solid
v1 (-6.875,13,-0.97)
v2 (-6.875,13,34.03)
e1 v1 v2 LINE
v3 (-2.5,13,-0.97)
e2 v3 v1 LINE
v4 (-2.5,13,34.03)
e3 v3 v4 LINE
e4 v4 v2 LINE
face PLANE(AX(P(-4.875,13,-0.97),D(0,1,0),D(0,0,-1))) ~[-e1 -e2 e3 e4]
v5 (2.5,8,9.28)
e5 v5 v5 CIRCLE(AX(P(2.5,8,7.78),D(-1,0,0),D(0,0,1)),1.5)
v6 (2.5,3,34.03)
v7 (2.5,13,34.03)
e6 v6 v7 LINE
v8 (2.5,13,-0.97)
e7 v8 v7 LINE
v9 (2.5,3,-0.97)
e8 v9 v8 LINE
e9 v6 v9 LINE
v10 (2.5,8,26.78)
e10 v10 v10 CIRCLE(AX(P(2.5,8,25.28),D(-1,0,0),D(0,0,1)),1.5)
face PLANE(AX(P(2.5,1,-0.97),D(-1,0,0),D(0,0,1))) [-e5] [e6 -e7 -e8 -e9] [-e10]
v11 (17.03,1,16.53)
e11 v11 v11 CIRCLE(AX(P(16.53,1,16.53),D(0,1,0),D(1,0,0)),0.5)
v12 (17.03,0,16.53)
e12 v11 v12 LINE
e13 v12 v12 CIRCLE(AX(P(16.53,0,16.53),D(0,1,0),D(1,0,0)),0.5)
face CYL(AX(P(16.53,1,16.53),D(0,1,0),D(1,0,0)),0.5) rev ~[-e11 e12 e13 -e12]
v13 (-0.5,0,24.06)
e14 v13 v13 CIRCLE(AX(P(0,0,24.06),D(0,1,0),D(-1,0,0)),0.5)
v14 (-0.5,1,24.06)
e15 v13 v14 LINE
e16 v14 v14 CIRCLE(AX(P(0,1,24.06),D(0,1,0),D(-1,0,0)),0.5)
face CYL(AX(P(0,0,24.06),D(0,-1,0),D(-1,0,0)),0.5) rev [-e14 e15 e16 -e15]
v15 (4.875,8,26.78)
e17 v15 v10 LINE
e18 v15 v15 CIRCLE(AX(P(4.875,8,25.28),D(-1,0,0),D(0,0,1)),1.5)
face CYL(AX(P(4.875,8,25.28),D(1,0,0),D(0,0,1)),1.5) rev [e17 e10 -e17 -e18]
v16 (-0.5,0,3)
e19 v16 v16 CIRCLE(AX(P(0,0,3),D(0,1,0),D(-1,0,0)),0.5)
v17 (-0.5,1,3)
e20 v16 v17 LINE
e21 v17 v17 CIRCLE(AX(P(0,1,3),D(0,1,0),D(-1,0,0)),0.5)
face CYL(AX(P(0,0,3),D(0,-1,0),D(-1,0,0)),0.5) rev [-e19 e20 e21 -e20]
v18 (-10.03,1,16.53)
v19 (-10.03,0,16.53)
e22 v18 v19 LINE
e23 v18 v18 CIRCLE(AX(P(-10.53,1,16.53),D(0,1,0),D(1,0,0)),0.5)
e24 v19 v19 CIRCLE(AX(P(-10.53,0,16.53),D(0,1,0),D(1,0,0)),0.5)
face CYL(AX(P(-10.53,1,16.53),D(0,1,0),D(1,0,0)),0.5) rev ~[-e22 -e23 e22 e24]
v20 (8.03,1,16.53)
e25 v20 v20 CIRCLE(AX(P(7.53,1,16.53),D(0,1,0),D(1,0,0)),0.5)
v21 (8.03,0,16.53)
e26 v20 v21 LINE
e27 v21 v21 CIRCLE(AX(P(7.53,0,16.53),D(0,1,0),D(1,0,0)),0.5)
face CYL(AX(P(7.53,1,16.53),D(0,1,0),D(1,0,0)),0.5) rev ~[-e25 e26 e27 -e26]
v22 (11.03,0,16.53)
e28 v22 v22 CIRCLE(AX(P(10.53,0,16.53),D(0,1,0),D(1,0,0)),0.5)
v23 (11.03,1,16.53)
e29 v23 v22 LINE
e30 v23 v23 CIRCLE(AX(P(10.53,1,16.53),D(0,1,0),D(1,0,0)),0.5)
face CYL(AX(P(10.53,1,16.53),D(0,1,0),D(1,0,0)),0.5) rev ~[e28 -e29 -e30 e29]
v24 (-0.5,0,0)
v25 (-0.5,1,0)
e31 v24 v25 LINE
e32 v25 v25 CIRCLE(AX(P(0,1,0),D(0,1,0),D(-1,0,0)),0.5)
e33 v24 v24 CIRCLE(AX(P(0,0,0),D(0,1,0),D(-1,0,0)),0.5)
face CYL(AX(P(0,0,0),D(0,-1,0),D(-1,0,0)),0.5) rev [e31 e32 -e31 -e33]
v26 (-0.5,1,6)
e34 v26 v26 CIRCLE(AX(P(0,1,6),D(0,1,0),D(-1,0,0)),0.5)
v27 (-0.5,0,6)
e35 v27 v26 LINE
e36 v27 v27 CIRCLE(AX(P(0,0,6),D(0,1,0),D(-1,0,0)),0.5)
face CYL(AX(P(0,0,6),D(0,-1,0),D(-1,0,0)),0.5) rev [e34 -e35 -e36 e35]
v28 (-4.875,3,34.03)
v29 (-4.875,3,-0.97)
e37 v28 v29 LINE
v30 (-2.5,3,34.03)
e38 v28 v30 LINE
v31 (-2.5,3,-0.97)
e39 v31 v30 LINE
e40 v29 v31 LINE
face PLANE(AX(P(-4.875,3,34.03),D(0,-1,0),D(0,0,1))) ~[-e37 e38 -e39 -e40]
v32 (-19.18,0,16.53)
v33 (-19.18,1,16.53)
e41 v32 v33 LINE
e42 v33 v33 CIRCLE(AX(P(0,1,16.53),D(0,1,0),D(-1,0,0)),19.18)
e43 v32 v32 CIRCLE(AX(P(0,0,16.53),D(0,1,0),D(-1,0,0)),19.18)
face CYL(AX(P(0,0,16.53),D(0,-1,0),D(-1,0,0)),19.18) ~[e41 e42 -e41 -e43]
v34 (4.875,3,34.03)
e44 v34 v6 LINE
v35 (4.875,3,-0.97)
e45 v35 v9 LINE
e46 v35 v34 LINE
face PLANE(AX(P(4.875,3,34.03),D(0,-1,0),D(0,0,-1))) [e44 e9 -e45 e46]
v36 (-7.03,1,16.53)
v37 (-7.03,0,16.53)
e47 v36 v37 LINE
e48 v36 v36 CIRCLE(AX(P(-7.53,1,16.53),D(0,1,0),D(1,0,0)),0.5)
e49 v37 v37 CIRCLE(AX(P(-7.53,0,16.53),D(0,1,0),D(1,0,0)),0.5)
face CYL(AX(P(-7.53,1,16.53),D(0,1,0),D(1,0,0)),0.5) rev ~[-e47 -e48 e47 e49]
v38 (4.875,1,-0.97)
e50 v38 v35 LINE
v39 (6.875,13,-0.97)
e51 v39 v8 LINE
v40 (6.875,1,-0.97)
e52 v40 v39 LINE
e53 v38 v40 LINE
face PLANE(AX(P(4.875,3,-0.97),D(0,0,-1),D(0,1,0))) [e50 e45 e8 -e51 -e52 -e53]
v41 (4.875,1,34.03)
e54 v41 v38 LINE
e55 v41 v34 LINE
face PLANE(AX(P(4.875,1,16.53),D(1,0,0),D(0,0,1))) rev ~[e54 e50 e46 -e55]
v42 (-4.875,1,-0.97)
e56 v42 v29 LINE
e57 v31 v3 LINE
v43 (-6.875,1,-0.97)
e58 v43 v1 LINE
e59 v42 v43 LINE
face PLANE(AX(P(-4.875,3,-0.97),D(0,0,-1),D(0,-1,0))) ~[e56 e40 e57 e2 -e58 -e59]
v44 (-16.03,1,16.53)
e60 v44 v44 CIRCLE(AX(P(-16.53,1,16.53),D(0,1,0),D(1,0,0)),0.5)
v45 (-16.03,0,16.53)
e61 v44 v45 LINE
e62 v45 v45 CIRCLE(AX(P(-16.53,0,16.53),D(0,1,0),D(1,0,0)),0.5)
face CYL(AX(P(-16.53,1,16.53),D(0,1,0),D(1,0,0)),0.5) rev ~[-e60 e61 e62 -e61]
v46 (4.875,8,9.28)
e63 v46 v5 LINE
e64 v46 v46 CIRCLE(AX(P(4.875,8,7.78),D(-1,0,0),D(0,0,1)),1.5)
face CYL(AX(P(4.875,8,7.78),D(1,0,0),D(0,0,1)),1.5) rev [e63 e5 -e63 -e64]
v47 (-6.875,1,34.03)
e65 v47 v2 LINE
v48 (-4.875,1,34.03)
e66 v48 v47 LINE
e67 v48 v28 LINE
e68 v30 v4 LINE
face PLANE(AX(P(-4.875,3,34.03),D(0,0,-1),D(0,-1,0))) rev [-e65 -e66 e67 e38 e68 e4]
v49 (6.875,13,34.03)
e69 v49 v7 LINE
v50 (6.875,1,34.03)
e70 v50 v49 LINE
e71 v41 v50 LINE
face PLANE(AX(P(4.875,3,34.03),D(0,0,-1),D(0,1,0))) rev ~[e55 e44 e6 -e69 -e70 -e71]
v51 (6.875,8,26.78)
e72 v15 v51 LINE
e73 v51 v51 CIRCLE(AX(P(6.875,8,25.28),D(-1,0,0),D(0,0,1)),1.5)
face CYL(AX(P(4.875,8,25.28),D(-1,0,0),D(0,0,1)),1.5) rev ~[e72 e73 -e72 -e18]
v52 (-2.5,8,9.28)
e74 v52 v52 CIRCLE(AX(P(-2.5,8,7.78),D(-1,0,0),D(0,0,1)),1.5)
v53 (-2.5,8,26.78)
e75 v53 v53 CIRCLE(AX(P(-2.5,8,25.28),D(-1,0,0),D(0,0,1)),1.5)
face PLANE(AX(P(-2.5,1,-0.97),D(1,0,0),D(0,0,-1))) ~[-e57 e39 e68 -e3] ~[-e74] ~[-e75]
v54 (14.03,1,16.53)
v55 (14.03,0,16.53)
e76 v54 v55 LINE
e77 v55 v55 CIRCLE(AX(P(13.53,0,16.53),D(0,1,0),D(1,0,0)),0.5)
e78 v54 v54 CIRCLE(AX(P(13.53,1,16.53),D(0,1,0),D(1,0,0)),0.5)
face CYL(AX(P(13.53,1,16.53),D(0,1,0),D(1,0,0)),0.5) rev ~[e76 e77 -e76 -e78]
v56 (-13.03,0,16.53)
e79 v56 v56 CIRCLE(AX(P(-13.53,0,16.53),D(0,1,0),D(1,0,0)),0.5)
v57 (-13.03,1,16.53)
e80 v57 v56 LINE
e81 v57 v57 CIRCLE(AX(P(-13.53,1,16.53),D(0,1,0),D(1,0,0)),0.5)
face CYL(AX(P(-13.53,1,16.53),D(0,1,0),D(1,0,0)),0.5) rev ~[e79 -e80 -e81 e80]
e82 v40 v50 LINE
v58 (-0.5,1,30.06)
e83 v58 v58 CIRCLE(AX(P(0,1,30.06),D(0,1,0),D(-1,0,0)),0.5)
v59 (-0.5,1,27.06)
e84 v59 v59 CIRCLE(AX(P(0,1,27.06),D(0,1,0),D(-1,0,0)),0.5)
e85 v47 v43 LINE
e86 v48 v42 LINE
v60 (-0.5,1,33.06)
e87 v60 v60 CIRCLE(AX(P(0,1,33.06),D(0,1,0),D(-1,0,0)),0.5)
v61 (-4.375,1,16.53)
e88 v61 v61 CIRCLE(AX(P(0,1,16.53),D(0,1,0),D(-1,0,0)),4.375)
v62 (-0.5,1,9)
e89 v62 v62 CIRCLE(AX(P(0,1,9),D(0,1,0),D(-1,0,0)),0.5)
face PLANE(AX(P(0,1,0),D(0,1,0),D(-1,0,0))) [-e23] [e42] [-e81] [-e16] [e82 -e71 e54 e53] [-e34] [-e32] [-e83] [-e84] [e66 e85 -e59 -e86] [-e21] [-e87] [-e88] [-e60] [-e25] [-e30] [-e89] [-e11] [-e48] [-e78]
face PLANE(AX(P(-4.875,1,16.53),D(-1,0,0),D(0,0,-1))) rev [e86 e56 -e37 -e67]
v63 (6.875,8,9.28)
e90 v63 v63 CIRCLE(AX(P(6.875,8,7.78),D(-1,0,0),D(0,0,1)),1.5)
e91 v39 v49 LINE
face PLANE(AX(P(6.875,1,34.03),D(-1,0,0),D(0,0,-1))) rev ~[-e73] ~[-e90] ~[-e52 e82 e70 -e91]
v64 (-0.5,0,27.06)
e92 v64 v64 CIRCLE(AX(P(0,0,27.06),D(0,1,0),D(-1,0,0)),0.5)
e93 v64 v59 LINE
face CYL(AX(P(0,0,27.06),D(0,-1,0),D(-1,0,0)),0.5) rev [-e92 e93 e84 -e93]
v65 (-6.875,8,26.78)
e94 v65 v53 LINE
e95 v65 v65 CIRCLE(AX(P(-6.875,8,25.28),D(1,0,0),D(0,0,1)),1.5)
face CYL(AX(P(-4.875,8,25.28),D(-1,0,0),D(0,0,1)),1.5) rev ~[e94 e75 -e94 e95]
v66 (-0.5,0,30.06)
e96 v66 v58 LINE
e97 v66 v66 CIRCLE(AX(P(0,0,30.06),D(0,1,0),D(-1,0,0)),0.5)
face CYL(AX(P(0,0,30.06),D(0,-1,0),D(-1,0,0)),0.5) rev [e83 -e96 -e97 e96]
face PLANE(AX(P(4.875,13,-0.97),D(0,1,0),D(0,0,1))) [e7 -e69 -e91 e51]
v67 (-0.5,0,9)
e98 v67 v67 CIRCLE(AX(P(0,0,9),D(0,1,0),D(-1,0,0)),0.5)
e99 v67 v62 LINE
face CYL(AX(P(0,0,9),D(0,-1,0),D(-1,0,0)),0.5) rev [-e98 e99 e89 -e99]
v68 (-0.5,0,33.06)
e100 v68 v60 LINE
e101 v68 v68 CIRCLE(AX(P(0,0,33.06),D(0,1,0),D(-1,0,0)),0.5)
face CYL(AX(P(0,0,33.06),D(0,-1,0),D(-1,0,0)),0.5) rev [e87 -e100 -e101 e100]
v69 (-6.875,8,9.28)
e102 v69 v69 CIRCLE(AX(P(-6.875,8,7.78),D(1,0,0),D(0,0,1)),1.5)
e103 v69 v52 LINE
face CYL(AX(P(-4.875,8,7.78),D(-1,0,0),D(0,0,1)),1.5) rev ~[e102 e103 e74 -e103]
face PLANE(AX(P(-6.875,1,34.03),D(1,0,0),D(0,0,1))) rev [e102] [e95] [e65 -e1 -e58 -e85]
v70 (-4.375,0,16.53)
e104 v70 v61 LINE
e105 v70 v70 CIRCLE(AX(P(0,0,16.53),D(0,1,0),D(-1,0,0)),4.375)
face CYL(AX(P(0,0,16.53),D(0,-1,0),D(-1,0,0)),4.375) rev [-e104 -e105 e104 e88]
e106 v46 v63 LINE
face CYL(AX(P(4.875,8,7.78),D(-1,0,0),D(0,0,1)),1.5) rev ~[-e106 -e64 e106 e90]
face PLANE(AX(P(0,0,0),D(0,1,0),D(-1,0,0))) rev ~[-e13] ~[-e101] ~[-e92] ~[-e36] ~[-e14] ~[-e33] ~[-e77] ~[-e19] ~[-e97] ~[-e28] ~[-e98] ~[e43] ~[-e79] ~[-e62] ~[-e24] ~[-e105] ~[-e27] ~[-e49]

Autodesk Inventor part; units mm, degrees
ref_plane "XZ Plane" through (0, 0, 0) normal (0, 1, 0) x (-1, 0, 0)
sketch "Sketch1" plane through (0, 0, 0) normal (0, 1, 0) x (-1, 0, 0)
  circle A0 centre (0, 27.06) radius 0.5
  circle A1 centre (0, 24.06) radius 0.5
  circle A2 centre (0, 16.53) radius 4.375
  circle A3 centre (0, 3) radius 0.5
  circle A4 centre (0, 6) radius 0.5
  circle A5 centre (0, 9) radius 0.5
  circle A6 centre (0, 0) radius 0.5
  circle A7 centre (0, 30.06) radius 0.5
  circle A8 centre (0, 33.06) radius 0.5
  circle A9 centre (0, 16.53) radius 19.18
extrude "Extrusion1" add sketch "Sketch1" along normal blind 1
sketch "Sketch5" plane through (0, 1, 16.53) normal (0, 1, 0) x (1, 0, 0)
  line L0 (4.875, 0) -> (4.875, -17.5)
  line L1 (4.875, -17.5) -> (6.875, -17.5)
  line L2 (6.875, -17.5) -> (6.875, 0)
  line L3 (4.875, 0) -> (4.875, 17.5)
  line L4 (4.875, 17.5) -> (6.875, 17.5)
  line L5 (6.875, 17.5) -> (6.875, 0)
  point P0 (0, 16.53)
extrude "Extrusion4" add sketch "Sketch5" along normal blind 12
sketch "Sketch6" plane through (4.875, 1, -0.97) normal (-1, 0, 0) x (0, 0, 1)
  line L0 (36.68, 0) -> (-1.68, 0) projected
  line L1 (35, 2) -> (17.5, 2)
  line L2 (17.5, 2) -> (0, 2)
  line L3 (0, 12) -> (35, 12)
  line L4 (35, 2) -> (35, 12)
  line L5 (0, 2) -> (0, 12)
  circle A0 centre (8.75, 7) radius 1.5
  circle A1 centre (26.25, 7) radius 1.5
  point P0 (0.97, -1)
  dimension "d18" = 3
extrude "Extrusion5" cut sketch "Sketch6" against normal blind 12 contours A0 | A1
extrude "Extrusion6" add sketch "Sketch6" along normal blind 2.375
ref_plane "Work Plane1" through (0, 0, 0) normal (1, 0, 0) x (0, 1, 0)
mirror "Mirror1" about plane through (0, 0, 0) normal (1, 0, 0) of "Extrusion6", "Extrusion4", "Extrusion5"
ref_plane "Work Plane2" through (0, 1, 16.53) normal (0, 1, 0) x (1, 0, 0)
sketch "Sketch7" plane through (0, 1, 16.53) normal (0, 1, 0) x (1, 0, 0)
  circle A0 centre (0, 0) radius 4.375 projected
  circle A1 centre (0, 16.53) radius 0.5 projected
  circle A2 centre (0, 13.53) radius 0.5 projected
  circle A3 centre (0, 10.53) radius 0.5 projected
  circle A4 centre (0, 7.53) radius 0.5 projected
  circle A5 centre (0, -10.53) radius 0.5 projected
  circle A6 centre (0, -16.53) radius 0.5 projected
  circle A7 centre (0, -13.53) radius 0.5 projected
  circle A8 centre (0, -7.53) radius 0.5 projected
  circle A9 centre (0, 0) radius 19.18 projected
  circle A10 centre (0, 0) radius 4.375 projected
  circle A11 centre (7.53, 0) radius 0.5
  circle A12 centre (10.53, 0) radius 0.5
  circle A13 centre (13.53, 0) radius 0.5
  circle A14 centre (16.53, 0) radius 0.5
  circle A15 centre (0, -13.53) radius 0.5
  circle A16 centre (-7.53, 0) radius 0.5
  circle A17 centre (-10.53, 0) radius 0.5
  circle A18 centre (-13.53, 0) radius 0.5
  circle A19 centre (-16.53, 0) radius 0.5
extrude "Extrusion7" cut sketch "Sketch7" along normal mid plane 10 contours A11 | A12 | A13 | A14 | A16 | A17 | A18 | A19
properties part number "horn_fin_normal"
